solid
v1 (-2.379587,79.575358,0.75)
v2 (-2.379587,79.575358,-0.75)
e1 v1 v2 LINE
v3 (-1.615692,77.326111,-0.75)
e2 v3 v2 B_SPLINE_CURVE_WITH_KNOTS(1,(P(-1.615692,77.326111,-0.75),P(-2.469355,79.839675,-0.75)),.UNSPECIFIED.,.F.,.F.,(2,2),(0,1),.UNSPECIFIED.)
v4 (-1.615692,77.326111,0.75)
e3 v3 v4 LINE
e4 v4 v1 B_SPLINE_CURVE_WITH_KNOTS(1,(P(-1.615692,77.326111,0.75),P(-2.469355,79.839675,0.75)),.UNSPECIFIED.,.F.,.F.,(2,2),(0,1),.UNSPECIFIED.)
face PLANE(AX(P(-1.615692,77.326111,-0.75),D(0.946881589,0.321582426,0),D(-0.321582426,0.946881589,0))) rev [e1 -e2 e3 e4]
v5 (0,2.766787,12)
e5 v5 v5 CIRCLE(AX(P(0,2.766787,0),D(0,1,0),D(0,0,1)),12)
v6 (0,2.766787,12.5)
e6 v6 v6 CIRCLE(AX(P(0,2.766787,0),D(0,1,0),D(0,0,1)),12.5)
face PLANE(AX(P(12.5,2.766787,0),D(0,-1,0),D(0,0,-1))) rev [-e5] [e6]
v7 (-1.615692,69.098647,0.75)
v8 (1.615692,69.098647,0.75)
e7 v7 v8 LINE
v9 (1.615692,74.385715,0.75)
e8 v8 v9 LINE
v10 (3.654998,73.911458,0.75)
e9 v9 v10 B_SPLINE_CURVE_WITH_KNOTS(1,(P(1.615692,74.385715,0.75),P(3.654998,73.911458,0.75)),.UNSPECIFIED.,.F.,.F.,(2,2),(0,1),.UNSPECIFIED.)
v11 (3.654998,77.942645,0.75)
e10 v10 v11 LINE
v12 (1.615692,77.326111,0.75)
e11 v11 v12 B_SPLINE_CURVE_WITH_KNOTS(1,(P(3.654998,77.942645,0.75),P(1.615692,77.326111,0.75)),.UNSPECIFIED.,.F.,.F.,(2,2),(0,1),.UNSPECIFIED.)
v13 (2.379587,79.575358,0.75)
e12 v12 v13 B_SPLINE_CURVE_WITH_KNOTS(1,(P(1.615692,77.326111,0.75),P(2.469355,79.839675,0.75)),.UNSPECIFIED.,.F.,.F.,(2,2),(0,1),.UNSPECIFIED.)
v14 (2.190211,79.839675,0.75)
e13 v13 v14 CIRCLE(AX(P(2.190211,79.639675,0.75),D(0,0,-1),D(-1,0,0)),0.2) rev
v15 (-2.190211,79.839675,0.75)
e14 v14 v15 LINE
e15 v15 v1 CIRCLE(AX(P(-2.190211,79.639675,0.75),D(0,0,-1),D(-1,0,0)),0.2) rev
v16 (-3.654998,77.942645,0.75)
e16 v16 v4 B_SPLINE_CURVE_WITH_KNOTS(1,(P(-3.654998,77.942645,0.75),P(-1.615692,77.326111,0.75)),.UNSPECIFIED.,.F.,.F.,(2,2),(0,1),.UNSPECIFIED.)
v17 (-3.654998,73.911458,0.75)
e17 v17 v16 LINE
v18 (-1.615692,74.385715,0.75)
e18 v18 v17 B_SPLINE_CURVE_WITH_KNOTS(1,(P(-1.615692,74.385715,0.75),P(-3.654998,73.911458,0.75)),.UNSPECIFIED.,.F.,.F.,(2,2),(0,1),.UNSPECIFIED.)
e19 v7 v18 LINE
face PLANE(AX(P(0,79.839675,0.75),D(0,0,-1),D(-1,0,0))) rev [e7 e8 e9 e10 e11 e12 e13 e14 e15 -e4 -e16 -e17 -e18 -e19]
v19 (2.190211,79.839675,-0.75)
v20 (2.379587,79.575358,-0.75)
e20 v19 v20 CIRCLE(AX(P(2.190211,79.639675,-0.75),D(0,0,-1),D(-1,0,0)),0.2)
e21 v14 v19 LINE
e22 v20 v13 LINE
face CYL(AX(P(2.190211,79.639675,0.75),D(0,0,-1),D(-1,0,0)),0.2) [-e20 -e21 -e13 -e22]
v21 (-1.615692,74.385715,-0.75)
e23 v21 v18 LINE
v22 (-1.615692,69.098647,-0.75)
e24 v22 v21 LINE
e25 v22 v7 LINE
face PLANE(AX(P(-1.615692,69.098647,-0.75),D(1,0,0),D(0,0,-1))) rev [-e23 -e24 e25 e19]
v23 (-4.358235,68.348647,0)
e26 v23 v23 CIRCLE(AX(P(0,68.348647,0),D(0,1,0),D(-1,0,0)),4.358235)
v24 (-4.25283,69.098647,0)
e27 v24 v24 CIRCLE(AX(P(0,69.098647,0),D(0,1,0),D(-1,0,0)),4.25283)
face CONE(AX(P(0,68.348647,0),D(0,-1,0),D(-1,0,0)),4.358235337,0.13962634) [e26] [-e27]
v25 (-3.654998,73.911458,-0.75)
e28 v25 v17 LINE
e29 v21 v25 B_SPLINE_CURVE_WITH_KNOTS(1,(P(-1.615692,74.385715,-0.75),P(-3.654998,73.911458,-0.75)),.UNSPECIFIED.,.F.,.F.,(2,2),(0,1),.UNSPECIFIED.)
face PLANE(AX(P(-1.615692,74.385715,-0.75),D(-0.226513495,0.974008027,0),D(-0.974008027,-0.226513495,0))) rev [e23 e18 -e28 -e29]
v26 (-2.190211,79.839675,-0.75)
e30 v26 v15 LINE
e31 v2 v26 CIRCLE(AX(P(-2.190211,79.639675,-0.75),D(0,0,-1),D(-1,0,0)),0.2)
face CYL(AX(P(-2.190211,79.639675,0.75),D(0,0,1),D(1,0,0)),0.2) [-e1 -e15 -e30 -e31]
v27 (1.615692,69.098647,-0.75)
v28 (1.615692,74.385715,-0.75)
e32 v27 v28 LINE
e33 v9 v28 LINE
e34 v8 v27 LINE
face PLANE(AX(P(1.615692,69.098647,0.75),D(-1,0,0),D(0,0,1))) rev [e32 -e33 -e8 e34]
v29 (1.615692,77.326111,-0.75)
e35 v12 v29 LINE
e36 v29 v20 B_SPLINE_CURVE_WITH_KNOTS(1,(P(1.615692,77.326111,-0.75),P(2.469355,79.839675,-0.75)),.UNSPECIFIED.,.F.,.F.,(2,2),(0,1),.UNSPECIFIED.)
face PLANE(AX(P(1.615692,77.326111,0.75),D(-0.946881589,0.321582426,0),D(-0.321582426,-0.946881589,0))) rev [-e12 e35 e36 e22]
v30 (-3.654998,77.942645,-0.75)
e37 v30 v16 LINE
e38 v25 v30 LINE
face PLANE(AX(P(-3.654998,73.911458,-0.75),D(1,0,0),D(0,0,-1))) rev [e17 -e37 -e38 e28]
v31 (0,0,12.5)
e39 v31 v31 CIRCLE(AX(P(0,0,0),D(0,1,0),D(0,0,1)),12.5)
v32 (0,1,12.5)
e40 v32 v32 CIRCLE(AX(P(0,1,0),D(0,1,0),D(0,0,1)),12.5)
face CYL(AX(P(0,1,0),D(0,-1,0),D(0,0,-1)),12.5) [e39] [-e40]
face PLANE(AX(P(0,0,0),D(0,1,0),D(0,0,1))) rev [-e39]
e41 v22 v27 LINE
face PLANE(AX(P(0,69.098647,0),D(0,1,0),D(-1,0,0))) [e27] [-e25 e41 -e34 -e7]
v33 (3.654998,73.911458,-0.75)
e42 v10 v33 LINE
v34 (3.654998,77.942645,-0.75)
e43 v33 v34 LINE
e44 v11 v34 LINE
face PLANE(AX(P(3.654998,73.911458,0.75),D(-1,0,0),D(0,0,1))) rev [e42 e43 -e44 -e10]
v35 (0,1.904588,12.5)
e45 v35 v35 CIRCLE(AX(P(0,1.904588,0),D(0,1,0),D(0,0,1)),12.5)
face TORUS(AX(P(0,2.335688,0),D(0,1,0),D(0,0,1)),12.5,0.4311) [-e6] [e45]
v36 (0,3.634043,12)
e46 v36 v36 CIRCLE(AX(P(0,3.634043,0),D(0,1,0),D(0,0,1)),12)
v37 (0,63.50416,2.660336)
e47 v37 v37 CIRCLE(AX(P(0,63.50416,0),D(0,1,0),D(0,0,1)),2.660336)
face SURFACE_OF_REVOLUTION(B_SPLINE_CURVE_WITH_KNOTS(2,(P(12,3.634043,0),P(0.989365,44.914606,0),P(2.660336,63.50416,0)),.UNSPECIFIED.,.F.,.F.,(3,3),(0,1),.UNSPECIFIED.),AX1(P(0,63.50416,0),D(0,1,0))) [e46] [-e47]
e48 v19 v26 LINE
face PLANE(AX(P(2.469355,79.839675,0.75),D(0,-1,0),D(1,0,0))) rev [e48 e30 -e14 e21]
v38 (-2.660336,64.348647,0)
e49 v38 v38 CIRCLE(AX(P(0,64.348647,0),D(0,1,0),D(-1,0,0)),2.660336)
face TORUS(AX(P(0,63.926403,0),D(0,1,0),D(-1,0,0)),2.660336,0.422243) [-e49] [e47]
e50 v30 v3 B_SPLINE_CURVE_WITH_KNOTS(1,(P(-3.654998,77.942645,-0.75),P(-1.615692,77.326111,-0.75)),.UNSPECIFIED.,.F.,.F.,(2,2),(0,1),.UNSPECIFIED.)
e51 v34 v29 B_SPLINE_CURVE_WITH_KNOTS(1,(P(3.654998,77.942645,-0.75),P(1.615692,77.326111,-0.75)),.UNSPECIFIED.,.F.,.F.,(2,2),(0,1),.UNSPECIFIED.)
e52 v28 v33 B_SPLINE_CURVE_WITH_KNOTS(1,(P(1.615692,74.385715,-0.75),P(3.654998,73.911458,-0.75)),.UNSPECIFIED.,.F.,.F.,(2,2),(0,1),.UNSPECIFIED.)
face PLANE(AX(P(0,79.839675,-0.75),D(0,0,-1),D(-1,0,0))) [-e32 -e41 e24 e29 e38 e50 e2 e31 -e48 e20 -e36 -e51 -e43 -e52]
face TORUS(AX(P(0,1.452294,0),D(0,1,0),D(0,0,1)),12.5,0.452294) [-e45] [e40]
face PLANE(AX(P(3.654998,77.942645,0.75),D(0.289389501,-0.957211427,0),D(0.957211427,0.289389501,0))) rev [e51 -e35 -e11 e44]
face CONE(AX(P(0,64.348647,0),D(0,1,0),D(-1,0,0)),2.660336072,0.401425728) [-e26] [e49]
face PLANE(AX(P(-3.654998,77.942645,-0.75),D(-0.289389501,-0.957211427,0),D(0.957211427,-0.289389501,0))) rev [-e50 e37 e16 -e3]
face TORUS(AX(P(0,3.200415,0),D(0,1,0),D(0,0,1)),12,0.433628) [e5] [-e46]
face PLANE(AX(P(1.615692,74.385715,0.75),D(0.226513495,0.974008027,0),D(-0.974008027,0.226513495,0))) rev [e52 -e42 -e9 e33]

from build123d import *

# Parameters (mm, degrees)
SKETCH2_R           = 12.5
BOSS_EXTRUDE1_DEPTH = 1
SKETCH18_R          = 2.660336072
BOSS_EXTRUDE2_DEPTH = 4
BOSS_EXTRUDE2_DRAFT = -23
SKETCH22_R          = 4.358235337
BOSS_EXTRUDE3_DEPTH = 0.75
BOSS_EXTRUDE3_TAPER = 8
BOSS_EXTRUDE6_DEPTH = 0.75
CIRPATTERN3_COUNT   = 2
FILLET4_R           = 0.2


with BuildPart() as part:
    # Sketch2 → Boss-Extrude1 (new body)
    with BuildSketch(Plane(origin=(0, 0, 0), x_dir=(1, 0, 0), z_dir=(0, 1, 0))):
        with Locations(Location((0, 0, 0), (0, 0, 270))):
            Circle(SKETCH2_R)
    extrude(amount=BOSS_EXTRUDE1_DEPTH)

    # Sketch9 → Revolve1 (revolve)
    with BuildSketch(Plane.XY, mode=Mode.PRIVATE) as revolve1_sk:
        with BuildLine():
            Line((0, 1), (12.5, 1))
            ThreePointArc((12.5, 1), (12.952293858, 1.452293858), (12.5, 1.904587717))
            Line((12.5, 1.904587717), (0, 1.904587717))
            Line((0, 1.904587717), (0, 1))
        make_face()
    revolve(revolve1_sk.sketch.rotate(Axis((0, 1.904587717, 0), (0, -1, 0)), 90), axis=Axis((0, 1.904587717, 0), (0, -1, 0)))

    # Sketch10 → Revolve2 (revolve)
    with BuildSketch(Plane.XY, mode=Mode.PRIVATE) as revolve2_sk:
        with BuildLine():
            Line((0, 1.904587717), (12.5, 1.904587717))
            ThreePointArc((12.5, 1.904587717), (12.93109981, 2.335687527), (12.5, 2.766787337))
            Line((12.5, 2.766787337), (0, 2.766787337))
            Line((0, 2.766787337), (0, 1.904587717))
        make_face()
    revolve(revolve2_sk.sketch.rotate(Axis((0, 2.766787337, 0), (0, -1, 0)), 90), axis=Axis((0, 2.766787337, 0), (0, -1, 0)))

    # Sketch12 → Revolve3 (revolve)
    with BuildSketch(Plane.XY, mode=Mode.PRIVATE) as revolve3_sk:
        with BuildLine():
            Line((0, 2.766787337), (12, 2.766787337))
            ThreePointArc((12, 2.766787337), (12.433628018, 3.200415354), (12, 3.634043372))
            Line((12, 3.634043372), (0, 3.634043372))
            Line((0, 3.634043372), (0, 2.766787337))
        make_face()
    revolve(revolve3_sk.sketch.rotate(Axis((0, 3.634043372, 0), (0, -1, 0)), 90), axis=Axis((0, 3.634043372, 0), (0, -1, 0)))

    # Sketch13 → Revolve4 (revolve)
    with BuildSketch(Plane.XY, mode=Mode.PRIVATE) as revolve4_sk:
        with BuildLine():
            Line((2.660336072, 63.504160051), (0, 63.504160051))
            Line((0, 63.504160051), (0, 3.634043372))
            Line((0, 3.634043372), (12, 3.634043372))
            add(Edge.make_bspline(
                [(12, 3.634043372), (0.989364931, 44.914606105), (2.660336072, 63.504160051)],
                knots=[0, 0, 0, 1, 1, 1], degree=2))
        make_face()
    revolve(revolve4_sk.sketch.rotate(Axis((0, 63.504160051, 0), (0, -1, 0)), 90), axis=Axis((0, 63.504160051, 0), (0, -1, 0)))

    # Sketch14 → Revolve5 (revolve)
    with BuildSketch(Plane.XY, mode=Mode.PRIVATE) as revolve5_sk:
        with BuildLine():
            Line((0, 63.504160051), (2.660336072, 63.504160051))
            ThreePointArc((2.660336072, 63.504160051), (3.082579386, 63.926403365), (2.660336072, 64.34864668))
            Line((2.660336072, 64.34864668), (0, 64.34864668))
            Line((0, 64.34864668), (0, 63.504160051))
        make_face()
    revolve(revolve5_sk.sketch.rotate(Axis((0, 64.34864668, 0), (0, -1, 0)), 90), axis=Axis((0, 64.34864668, 0), (0, -1, 0)))


with BuildPart() as boss_extrude2_tool:
    # Sketch18 → Boss-Extrude2 (with draft: the straight prism first)
    with BuildSketch(Plane(origin=(0, 64.34864668, 0), x_dir=(1, 0, 0), z_dir=(0, 1, 0))):
        Circle(SKETCH18_R)
    extrude(amount=BOSS_EXTRUDE2_DEPTH)
    # Boss-Extrude2: the draft: its side faces are tilted about the plane it starts from
    boss_extrude2_sides = [boss_extrude2_tool.faces().sort_by_distance(p)[0] for p in [
        (-2.660336072, 66.34864668, 0),
    ]]
    draft(boss_extrude2_sides, Plane(origin=(0, 64.34864668, 0), x_dir=(1, 0, 0), z_dir=(0, 1, 0)), BOSS_EXTRUDE2_DRAFT)


with BuildPart() as part_1:
    add(part.part)

    # Boss-Extrude2: add boss_extrude2_tool
    add(boss_extrude2_tool.part)

    # Sketch22 → Boss-Extrude3 (add)
    with BuildSketch(Plane(origin=(0, 68.34864668, 0), x_dir=(1, 0, 0), z_dir=(0, 1, 0))):
        Circle(SKETCH22_R)
    extrude(amount=BOSS_EXTRUDE3_DEPTH, taper=BOSS_EXTRUDE3_TAPER)

    # Sketch26 → Boss-Extrude6 (add, symmetric)
    with BuildSketch(Plane.XY):
        Polygon((0, 69.09864668), (1.615691626, 69.09864668), (1.615691626, 74.385715226), (3.654998177, 73.911457889), (3.654998177, 77.942645258), (1.615691626, 77.326110719), (2.469354833, 79.839674608), (0, 79.839674608), align=None)
    boss_extrude6 = extrude(amount=BOSS_EXTRUDE6_DEPTH, both=True)

    # CirPattern3: Boss-Extrude6 ×2 about axis
    cirpattern3_axis = Axis((0, 0.5, 0), (0, 1, 0))
    for i in range(1, CIRPATTERN3_COUNT):
        add(boss_extrude6.rotate(cirpattern3_axis, i * 360 / CIRPATTERN3_COUNT))

    # Fillet4
    fillet4_edges = [part_1.edges().sort_by_distance(p)[0] for p in [
        (2.469354833, 79.839674608, 0),
        (-2.469354833, 79.839674608, 0),
    ]]
    fillet(fillet4_edges, radius=FILLET4_R)


solid = part_1.part
